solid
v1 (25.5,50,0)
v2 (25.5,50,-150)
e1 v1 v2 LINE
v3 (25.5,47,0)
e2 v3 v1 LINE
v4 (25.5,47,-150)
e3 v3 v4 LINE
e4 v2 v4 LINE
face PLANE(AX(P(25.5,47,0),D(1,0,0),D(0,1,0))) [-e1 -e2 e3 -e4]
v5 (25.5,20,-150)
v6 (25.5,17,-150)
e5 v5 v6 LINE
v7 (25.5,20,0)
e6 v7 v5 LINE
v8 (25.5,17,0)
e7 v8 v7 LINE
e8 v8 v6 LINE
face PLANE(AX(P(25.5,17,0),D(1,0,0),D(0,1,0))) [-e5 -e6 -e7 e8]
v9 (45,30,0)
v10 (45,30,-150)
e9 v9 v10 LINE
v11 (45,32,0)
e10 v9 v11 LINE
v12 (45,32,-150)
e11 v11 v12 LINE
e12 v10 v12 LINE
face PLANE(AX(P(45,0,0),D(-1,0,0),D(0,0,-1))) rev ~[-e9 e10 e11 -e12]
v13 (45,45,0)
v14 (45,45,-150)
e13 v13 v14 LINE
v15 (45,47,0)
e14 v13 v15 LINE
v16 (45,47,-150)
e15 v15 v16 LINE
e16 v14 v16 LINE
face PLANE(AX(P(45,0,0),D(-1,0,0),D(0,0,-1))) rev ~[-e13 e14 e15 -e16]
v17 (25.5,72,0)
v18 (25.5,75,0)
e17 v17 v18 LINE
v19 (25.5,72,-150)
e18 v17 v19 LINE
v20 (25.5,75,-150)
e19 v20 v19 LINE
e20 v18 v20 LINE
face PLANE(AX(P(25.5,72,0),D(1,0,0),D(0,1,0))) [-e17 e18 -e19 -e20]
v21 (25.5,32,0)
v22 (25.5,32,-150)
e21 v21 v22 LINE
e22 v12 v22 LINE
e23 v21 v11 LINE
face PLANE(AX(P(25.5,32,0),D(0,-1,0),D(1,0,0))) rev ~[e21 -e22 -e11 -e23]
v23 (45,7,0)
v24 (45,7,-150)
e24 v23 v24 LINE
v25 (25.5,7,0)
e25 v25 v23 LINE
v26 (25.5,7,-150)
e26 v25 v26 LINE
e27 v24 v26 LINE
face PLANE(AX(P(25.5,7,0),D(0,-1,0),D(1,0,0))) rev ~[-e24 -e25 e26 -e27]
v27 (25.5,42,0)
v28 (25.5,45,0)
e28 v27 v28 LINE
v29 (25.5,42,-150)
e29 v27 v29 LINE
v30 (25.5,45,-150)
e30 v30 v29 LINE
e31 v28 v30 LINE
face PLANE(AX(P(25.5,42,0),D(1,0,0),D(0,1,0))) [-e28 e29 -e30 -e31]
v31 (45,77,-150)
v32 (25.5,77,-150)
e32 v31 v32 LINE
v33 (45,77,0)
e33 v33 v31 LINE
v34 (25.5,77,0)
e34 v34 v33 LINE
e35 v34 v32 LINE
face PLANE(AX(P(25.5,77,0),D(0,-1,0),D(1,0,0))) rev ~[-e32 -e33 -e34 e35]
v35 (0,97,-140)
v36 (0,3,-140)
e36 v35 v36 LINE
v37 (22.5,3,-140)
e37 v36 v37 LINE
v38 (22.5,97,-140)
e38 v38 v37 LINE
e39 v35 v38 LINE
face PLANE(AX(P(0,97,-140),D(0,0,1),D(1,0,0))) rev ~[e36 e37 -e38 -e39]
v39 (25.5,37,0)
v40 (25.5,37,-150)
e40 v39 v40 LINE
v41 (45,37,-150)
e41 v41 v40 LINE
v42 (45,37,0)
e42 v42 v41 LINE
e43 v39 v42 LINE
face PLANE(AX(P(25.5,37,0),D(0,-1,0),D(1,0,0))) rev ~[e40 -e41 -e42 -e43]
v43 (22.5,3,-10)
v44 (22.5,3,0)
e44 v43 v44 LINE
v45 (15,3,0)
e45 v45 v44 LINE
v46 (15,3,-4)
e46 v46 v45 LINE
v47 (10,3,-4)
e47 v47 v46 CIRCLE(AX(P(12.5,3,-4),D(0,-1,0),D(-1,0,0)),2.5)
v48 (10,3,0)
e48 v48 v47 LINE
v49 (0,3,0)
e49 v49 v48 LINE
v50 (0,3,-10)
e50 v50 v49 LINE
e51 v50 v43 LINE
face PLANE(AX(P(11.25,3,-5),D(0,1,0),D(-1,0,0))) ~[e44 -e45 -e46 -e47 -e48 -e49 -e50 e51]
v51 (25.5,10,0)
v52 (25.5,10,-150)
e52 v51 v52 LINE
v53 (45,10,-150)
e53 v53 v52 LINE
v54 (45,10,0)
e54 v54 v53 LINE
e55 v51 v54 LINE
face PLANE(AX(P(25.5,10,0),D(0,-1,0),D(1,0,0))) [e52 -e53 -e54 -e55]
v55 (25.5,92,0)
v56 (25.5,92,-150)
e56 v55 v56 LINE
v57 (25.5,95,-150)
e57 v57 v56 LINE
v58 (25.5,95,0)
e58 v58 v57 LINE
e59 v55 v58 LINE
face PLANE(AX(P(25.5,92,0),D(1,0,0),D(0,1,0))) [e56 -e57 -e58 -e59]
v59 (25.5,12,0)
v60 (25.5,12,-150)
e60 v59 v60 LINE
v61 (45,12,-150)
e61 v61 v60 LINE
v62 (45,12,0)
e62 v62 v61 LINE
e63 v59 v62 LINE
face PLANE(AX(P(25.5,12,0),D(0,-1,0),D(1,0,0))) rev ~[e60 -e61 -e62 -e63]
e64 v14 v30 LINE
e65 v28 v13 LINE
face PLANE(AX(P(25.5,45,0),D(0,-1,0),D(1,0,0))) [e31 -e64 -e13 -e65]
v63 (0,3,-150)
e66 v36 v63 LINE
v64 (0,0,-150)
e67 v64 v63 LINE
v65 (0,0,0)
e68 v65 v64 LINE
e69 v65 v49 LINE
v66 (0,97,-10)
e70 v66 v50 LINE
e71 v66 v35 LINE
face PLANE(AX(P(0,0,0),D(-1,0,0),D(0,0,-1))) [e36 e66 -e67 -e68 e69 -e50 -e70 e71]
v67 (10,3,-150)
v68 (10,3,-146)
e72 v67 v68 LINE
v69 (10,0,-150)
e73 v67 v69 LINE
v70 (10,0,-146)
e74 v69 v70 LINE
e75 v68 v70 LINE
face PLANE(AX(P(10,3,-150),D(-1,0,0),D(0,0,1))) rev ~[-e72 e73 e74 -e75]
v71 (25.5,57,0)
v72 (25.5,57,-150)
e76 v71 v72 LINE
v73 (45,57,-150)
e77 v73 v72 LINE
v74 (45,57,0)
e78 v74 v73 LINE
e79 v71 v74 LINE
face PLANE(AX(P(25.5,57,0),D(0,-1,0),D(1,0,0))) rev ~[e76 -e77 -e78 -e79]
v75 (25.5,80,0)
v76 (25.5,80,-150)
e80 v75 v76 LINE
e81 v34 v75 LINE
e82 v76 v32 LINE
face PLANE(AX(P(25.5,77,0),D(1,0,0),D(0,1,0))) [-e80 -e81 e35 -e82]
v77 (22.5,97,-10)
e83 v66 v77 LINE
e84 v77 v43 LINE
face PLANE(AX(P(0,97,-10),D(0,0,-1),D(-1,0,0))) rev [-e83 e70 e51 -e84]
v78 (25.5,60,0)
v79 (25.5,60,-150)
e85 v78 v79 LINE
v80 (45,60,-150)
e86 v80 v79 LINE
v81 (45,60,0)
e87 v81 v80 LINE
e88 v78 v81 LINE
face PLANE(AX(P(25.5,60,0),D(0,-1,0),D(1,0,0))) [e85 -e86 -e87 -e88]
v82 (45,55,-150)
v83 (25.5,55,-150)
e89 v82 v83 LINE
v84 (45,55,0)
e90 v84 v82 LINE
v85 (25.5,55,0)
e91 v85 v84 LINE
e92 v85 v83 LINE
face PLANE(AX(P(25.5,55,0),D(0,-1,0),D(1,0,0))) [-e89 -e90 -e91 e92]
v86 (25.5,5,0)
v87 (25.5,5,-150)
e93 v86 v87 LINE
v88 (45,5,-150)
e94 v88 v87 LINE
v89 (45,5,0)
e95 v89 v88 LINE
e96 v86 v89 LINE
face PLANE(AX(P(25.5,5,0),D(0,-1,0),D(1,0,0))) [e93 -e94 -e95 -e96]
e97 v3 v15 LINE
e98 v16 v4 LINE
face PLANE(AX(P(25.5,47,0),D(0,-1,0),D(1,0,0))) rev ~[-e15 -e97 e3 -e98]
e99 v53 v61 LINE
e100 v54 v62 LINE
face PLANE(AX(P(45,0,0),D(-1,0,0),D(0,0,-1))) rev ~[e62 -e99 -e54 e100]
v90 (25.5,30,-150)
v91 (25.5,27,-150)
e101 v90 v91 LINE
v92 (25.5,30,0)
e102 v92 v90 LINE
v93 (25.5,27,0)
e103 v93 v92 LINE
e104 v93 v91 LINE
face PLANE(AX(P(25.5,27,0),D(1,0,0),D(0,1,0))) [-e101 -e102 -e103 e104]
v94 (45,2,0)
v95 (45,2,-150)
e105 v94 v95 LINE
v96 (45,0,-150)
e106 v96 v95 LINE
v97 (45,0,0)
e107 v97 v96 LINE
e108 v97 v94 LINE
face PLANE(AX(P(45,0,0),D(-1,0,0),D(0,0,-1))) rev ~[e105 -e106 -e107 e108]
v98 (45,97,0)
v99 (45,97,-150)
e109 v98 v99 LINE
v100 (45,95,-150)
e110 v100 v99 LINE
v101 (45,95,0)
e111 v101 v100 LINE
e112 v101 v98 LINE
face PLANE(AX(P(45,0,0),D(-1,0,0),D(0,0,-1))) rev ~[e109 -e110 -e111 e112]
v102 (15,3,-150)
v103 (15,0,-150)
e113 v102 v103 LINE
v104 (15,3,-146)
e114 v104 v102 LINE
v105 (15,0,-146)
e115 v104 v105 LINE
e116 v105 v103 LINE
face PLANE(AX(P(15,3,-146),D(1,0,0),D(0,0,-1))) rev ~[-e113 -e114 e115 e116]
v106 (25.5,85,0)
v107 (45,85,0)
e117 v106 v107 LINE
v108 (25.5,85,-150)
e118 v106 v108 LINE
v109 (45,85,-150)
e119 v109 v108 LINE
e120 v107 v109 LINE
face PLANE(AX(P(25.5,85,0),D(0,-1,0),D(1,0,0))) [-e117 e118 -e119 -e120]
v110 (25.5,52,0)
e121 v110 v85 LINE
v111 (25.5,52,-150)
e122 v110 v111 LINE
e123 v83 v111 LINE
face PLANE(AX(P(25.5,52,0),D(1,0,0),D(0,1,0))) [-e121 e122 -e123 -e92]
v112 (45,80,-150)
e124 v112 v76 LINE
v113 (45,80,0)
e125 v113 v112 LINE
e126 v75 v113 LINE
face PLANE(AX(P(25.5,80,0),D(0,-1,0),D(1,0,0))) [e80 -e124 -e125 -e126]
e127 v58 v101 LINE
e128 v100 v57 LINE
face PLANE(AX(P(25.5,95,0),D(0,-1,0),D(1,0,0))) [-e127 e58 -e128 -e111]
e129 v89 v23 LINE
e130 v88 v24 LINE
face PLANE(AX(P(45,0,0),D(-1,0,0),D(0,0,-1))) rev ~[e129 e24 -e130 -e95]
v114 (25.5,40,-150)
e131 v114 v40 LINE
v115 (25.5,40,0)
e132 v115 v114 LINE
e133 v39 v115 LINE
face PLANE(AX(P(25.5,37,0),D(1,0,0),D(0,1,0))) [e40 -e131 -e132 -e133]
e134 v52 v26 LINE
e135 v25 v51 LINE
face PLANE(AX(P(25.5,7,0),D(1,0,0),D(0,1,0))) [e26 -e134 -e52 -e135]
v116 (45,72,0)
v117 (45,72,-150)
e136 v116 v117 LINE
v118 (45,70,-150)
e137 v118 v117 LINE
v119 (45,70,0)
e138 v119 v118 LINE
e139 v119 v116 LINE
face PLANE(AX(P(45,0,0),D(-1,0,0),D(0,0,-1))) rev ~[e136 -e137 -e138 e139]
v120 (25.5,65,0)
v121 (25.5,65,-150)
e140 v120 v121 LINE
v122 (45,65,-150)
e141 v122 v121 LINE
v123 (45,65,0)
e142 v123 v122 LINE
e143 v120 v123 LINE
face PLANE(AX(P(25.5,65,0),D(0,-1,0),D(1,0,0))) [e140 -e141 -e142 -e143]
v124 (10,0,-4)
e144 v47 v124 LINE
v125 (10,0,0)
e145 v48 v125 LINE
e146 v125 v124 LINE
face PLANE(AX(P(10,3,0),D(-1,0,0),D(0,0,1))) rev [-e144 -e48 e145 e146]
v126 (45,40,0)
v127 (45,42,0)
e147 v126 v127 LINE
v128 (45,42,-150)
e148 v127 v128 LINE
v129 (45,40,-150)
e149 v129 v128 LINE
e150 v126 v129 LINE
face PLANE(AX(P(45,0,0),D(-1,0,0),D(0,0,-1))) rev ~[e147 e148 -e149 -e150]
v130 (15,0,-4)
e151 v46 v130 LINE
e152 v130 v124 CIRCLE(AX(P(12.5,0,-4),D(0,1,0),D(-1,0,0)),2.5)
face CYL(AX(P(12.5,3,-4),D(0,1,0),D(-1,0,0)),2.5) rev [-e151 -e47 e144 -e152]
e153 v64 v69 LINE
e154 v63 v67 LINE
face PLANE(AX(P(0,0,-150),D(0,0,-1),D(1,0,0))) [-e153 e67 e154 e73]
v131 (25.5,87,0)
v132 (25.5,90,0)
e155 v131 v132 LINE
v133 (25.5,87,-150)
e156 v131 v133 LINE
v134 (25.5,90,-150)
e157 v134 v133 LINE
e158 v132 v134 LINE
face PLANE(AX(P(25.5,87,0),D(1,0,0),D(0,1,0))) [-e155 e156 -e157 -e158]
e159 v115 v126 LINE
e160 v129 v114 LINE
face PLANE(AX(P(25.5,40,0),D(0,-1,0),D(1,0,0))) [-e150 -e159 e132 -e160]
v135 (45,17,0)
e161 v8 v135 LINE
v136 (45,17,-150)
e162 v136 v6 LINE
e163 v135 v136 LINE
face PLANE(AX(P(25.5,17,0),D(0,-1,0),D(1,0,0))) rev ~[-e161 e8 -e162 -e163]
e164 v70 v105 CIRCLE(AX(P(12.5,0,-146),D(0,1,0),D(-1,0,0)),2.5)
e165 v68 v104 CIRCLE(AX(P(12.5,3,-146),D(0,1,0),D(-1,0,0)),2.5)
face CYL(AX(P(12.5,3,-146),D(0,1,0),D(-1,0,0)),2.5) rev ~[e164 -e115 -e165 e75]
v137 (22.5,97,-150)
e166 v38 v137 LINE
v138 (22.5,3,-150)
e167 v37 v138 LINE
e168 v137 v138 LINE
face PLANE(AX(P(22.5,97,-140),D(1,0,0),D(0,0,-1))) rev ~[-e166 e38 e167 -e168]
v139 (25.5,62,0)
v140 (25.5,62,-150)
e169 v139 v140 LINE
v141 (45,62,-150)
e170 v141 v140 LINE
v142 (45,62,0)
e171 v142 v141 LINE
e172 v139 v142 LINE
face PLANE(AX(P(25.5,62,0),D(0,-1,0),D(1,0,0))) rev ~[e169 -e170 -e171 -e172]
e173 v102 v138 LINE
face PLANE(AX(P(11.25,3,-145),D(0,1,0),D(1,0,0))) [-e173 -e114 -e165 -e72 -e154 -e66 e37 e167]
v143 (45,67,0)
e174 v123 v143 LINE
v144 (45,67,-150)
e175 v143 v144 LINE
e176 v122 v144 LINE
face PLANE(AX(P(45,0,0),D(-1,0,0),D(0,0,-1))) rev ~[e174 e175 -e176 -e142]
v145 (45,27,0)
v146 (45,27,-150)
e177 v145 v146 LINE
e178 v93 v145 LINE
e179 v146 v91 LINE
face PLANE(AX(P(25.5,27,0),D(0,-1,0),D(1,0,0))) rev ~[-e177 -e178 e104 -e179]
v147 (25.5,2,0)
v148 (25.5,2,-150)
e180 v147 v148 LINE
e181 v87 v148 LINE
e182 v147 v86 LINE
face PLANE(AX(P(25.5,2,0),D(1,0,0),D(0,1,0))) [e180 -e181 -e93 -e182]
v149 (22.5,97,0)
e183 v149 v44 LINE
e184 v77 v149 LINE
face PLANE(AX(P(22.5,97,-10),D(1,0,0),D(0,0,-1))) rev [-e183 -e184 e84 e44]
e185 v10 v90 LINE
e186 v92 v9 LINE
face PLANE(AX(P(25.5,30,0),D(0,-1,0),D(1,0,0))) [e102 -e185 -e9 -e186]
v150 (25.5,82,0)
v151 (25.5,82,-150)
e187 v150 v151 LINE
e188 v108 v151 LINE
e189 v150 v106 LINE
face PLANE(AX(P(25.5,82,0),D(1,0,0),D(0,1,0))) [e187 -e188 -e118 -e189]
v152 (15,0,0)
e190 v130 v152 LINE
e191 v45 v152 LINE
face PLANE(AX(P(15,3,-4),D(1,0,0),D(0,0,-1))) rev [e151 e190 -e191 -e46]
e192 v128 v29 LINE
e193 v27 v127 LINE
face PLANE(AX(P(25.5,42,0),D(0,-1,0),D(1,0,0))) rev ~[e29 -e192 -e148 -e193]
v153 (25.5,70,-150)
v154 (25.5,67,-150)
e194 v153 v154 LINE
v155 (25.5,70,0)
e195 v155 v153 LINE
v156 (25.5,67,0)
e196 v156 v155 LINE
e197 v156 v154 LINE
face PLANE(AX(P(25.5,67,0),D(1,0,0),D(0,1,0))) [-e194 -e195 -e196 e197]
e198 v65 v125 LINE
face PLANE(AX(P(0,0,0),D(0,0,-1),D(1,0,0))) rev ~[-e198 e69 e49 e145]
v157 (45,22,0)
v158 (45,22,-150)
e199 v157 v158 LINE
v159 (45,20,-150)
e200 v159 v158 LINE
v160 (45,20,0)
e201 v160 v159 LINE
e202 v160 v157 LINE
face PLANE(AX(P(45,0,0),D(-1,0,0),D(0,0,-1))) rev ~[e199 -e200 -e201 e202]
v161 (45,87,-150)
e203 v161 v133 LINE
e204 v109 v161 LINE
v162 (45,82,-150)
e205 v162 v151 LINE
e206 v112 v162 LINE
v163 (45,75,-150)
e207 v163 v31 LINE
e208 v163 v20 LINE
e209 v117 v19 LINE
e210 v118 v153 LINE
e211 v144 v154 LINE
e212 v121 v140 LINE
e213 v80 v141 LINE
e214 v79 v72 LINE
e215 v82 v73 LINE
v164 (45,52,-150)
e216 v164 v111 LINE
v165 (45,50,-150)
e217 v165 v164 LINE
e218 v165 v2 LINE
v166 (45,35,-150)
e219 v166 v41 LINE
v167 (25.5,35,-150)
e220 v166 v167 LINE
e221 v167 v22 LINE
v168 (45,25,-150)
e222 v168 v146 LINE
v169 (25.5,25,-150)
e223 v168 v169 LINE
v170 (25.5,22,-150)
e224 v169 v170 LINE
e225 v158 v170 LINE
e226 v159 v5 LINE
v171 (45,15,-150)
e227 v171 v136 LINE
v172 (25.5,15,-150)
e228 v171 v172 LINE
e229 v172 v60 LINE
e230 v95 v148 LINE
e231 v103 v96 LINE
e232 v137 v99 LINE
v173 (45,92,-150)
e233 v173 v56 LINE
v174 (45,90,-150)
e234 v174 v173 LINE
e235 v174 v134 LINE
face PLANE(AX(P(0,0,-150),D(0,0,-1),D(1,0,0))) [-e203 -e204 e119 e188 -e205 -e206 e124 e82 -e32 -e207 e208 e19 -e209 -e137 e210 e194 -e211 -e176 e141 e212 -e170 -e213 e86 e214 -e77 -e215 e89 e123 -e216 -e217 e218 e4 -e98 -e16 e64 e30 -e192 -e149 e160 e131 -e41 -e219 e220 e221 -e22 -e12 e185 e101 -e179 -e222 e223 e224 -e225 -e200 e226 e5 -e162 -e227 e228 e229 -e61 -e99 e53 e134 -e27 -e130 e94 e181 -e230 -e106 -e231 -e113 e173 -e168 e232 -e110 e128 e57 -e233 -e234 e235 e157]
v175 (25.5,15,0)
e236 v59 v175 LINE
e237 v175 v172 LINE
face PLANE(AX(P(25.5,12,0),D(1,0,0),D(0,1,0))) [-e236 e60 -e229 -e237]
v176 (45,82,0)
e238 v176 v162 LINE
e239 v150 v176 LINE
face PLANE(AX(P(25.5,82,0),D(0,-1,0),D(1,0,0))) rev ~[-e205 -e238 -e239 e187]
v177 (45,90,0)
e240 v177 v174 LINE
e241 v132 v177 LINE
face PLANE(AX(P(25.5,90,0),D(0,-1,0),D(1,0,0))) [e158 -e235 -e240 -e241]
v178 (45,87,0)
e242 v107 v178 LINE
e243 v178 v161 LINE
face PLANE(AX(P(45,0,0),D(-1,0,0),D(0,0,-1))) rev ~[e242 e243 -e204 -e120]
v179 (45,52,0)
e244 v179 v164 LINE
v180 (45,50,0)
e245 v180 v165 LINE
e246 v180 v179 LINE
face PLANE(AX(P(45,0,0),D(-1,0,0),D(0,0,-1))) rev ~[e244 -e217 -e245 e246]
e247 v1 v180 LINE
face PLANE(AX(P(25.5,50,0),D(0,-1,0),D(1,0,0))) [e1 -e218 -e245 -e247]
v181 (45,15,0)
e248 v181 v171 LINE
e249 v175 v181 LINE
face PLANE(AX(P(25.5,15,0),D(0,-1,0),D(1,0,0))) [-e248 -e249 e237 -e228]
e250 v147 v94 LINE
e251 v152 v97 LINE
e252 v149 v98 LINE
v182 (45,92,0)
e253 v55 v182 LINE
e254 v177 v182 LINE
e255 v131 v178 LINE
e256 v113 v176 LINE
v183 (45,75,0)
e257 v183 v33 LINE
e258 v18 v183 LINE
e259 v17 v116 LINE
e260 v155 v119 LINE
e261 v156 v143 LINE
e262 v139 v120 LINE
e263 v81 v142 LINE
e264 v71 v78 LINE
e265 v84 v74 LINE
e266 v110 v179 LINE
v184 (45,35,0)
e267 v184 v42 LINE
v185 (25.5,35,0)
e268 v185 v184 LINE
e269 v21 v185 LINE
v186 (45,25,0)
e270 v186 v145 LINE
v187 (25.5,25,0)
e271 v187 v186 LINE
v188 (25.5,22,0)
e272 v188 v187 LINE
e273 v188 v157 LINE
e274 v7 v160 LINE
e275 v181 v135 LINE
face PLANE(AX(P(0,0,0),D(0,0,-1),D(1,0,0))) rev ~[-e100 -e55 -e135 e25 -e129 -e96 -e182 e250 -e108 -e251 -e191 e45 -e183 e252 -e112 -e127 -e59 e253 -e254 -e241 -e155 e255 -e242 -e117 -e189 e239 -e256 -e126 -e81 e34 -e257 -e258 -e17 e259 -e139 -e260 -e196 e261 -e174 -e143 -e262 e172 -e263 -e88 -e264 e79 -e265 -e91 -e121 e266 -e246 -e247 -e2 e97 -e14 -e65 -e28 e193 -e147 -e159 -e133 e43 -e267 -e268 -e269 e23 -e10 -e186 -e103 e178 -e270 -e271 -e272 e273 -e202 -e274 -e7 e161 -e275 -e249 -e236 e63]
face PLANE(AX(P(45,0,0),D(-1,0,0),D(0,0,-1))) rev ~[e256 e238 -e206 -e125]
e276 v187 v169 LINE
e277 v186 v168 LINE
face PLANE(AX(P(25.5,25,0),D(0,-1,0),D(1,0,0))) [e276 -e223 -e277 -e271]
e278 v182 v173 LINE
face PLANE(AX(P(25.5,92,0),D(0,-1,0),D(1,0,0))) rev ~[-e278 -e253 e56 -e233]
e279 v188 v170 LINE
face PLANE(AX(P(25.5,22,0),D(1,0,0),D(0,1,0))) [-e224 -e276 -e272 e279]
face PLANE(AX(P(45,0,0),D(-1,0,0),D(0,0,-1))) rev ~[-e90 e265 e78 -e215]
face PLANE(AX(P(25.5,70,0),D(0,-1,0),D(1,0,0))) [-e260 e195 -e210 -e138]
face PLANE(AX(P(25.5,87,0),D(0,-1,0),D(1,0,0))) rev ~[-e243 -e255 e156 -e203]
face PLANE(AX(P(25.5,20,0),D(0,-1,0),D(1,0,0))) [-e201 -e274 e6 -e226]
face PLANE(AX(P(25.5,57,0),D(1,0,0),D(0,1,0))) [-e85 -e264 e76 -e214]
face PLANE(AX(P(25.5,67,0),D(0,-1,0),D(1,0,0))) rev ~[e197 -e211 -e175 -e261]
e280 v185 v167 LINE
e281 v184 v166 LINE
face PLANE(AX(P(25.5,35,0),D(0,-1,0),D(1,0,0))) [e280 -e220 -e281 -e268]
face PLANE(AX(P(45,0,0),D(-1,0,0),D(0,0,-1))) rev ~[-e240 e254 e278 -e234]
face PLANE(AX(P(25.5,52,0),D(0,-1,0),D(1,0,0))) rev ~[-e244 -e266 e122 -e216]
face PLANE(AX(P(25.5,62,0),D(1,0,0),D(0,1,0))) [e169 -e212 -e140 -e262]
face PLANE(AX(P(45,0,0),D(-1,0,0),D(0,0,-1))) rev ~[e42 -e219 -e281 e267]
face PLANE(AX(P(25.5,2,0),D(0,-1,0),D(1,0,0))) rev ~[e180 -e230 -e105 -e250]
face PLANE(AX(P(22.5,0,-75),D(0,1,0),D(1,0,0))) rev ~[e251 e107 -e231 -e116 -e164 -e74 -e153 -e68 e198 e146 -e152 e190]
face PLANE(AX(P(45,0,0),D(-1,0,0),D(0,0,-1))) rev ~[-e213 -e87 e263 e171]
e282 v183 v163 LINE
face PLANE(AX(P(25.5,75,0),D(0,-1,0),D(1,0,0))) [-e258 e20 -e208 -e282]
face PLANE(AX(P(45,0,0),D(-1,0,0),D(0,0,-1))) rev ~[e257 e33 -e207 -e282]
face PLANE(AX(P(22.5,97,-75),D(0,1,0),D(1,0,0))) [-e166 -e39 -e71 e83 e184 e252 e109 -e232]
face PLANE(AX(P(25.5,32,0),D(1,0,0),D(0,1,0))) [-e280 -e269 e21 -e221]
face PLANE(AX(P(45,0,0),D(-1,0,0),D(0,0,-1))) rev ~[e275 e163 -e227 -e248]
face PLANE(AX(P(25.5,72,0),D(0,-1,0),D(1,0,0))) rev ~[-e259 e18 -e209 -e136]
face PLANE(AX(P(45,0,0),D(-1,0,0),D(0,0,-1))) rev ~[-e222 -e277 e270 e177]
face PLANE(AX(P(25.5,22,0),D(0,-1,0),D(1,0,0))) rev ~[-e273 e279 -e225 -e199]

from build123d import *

# Parameters (mm, degrees)
SKETCH1_W           = 45
SKETCH1_H           = 150
BOSS_EXTRUDE1_DEPTH = 97
SKETCH2_W           = 22.5
SKETCH2_H           = 10
CUT_EXTRUDE1_DEPTH  = 94
CUT_EXTRUDE2_DEPTH  = 183.649938407
SKETCH4_W           = 19.5
SKETCH4_H           = 3
CUT_EXTRUDE3_DEPTH  = 185.211834582
LPATTERN1_COUNT     = 19
LPATTERN1_PITCH     = 5


with BuildPart() as part:
    # Sketch1 → Boss-Extrude1 (new body)
    with BuildSketch(Plane(origin=(0, 0, 0), x_dir=(1, 0, 0), z_dir=(0, 1, 0))):
        with Locations((22.5, 75)):
            Rectangle(SKETCH1_W, SKETCH1_H)
    extrude(amount=BOSS_EXTRUDE1_DEPTH)

    # Sketch2 → Cut-Extrude1 (cut)
    with BuildSketch(Plane(origin=(0, 97, 0), x_dir=(1, 0, 0), z_dir=(0, 1, 0))):
        with Locations((11.25, 145)):
            Rectangle(SKETCH2_W, SKETCH2_H)
    cut_extrude1 = extrude(amount=-CUT_EXTRUDE1_DEPTH, mode=Mode.SUBTRACT)

    # Sketch3 → Cut-Extrude2 (cut, through all)
    with BuildSketch(Plane(origin=(0, 3, 0), x_dir=(1, 0, 0), z_dir=(0, 1, 0))):
        with BuildLine():
            Line((10, 150), (10, 146))
            ThreePointArc((10, 146), (12.5, 143.5), (15, 146))
            Line((15, 146), (15, 150))
            Line((15, 150), (10, 150))
        make_face()
    cut_extrude2 = extrude(amount=-CUT_EXTRUDE2_DEPTH, mode=Mode.SUBTRACT)

    # Mirror1: Cut-Extrude1, Cut-Extrude2 across plane
    add(cut_extrude1.mirror(Plane.XY.offset(-75)), mode=Mode.SUBTRACT)
    add(cut_extrude2.mirror(Plane.XY.offset(-75)), mode=Mode.SUBTRACT)

    # Sketch4 → Cut-Extrude3 (cut, through all)
    with BuildSketch(Plane.XY):
        with Locations((35.25, 93.5)):
            Rectangle(SKETCH4_W, SKETCH4_H)
    cut_extrude3 = extrude(amount=-CUT_EXTRUDE3_DEPTH, mode=Mode.SUBTRACT)

    # LPattern1: Cut-Extrude3 ×19
    with Locations(*[(0, -i * LPATTERN1_PITCH, 0) for i in range(1, LPATTERN1_COUNT)]):
        add(cut_extrude3, mode=Mode.SUBTRACT)


solid = part.part
